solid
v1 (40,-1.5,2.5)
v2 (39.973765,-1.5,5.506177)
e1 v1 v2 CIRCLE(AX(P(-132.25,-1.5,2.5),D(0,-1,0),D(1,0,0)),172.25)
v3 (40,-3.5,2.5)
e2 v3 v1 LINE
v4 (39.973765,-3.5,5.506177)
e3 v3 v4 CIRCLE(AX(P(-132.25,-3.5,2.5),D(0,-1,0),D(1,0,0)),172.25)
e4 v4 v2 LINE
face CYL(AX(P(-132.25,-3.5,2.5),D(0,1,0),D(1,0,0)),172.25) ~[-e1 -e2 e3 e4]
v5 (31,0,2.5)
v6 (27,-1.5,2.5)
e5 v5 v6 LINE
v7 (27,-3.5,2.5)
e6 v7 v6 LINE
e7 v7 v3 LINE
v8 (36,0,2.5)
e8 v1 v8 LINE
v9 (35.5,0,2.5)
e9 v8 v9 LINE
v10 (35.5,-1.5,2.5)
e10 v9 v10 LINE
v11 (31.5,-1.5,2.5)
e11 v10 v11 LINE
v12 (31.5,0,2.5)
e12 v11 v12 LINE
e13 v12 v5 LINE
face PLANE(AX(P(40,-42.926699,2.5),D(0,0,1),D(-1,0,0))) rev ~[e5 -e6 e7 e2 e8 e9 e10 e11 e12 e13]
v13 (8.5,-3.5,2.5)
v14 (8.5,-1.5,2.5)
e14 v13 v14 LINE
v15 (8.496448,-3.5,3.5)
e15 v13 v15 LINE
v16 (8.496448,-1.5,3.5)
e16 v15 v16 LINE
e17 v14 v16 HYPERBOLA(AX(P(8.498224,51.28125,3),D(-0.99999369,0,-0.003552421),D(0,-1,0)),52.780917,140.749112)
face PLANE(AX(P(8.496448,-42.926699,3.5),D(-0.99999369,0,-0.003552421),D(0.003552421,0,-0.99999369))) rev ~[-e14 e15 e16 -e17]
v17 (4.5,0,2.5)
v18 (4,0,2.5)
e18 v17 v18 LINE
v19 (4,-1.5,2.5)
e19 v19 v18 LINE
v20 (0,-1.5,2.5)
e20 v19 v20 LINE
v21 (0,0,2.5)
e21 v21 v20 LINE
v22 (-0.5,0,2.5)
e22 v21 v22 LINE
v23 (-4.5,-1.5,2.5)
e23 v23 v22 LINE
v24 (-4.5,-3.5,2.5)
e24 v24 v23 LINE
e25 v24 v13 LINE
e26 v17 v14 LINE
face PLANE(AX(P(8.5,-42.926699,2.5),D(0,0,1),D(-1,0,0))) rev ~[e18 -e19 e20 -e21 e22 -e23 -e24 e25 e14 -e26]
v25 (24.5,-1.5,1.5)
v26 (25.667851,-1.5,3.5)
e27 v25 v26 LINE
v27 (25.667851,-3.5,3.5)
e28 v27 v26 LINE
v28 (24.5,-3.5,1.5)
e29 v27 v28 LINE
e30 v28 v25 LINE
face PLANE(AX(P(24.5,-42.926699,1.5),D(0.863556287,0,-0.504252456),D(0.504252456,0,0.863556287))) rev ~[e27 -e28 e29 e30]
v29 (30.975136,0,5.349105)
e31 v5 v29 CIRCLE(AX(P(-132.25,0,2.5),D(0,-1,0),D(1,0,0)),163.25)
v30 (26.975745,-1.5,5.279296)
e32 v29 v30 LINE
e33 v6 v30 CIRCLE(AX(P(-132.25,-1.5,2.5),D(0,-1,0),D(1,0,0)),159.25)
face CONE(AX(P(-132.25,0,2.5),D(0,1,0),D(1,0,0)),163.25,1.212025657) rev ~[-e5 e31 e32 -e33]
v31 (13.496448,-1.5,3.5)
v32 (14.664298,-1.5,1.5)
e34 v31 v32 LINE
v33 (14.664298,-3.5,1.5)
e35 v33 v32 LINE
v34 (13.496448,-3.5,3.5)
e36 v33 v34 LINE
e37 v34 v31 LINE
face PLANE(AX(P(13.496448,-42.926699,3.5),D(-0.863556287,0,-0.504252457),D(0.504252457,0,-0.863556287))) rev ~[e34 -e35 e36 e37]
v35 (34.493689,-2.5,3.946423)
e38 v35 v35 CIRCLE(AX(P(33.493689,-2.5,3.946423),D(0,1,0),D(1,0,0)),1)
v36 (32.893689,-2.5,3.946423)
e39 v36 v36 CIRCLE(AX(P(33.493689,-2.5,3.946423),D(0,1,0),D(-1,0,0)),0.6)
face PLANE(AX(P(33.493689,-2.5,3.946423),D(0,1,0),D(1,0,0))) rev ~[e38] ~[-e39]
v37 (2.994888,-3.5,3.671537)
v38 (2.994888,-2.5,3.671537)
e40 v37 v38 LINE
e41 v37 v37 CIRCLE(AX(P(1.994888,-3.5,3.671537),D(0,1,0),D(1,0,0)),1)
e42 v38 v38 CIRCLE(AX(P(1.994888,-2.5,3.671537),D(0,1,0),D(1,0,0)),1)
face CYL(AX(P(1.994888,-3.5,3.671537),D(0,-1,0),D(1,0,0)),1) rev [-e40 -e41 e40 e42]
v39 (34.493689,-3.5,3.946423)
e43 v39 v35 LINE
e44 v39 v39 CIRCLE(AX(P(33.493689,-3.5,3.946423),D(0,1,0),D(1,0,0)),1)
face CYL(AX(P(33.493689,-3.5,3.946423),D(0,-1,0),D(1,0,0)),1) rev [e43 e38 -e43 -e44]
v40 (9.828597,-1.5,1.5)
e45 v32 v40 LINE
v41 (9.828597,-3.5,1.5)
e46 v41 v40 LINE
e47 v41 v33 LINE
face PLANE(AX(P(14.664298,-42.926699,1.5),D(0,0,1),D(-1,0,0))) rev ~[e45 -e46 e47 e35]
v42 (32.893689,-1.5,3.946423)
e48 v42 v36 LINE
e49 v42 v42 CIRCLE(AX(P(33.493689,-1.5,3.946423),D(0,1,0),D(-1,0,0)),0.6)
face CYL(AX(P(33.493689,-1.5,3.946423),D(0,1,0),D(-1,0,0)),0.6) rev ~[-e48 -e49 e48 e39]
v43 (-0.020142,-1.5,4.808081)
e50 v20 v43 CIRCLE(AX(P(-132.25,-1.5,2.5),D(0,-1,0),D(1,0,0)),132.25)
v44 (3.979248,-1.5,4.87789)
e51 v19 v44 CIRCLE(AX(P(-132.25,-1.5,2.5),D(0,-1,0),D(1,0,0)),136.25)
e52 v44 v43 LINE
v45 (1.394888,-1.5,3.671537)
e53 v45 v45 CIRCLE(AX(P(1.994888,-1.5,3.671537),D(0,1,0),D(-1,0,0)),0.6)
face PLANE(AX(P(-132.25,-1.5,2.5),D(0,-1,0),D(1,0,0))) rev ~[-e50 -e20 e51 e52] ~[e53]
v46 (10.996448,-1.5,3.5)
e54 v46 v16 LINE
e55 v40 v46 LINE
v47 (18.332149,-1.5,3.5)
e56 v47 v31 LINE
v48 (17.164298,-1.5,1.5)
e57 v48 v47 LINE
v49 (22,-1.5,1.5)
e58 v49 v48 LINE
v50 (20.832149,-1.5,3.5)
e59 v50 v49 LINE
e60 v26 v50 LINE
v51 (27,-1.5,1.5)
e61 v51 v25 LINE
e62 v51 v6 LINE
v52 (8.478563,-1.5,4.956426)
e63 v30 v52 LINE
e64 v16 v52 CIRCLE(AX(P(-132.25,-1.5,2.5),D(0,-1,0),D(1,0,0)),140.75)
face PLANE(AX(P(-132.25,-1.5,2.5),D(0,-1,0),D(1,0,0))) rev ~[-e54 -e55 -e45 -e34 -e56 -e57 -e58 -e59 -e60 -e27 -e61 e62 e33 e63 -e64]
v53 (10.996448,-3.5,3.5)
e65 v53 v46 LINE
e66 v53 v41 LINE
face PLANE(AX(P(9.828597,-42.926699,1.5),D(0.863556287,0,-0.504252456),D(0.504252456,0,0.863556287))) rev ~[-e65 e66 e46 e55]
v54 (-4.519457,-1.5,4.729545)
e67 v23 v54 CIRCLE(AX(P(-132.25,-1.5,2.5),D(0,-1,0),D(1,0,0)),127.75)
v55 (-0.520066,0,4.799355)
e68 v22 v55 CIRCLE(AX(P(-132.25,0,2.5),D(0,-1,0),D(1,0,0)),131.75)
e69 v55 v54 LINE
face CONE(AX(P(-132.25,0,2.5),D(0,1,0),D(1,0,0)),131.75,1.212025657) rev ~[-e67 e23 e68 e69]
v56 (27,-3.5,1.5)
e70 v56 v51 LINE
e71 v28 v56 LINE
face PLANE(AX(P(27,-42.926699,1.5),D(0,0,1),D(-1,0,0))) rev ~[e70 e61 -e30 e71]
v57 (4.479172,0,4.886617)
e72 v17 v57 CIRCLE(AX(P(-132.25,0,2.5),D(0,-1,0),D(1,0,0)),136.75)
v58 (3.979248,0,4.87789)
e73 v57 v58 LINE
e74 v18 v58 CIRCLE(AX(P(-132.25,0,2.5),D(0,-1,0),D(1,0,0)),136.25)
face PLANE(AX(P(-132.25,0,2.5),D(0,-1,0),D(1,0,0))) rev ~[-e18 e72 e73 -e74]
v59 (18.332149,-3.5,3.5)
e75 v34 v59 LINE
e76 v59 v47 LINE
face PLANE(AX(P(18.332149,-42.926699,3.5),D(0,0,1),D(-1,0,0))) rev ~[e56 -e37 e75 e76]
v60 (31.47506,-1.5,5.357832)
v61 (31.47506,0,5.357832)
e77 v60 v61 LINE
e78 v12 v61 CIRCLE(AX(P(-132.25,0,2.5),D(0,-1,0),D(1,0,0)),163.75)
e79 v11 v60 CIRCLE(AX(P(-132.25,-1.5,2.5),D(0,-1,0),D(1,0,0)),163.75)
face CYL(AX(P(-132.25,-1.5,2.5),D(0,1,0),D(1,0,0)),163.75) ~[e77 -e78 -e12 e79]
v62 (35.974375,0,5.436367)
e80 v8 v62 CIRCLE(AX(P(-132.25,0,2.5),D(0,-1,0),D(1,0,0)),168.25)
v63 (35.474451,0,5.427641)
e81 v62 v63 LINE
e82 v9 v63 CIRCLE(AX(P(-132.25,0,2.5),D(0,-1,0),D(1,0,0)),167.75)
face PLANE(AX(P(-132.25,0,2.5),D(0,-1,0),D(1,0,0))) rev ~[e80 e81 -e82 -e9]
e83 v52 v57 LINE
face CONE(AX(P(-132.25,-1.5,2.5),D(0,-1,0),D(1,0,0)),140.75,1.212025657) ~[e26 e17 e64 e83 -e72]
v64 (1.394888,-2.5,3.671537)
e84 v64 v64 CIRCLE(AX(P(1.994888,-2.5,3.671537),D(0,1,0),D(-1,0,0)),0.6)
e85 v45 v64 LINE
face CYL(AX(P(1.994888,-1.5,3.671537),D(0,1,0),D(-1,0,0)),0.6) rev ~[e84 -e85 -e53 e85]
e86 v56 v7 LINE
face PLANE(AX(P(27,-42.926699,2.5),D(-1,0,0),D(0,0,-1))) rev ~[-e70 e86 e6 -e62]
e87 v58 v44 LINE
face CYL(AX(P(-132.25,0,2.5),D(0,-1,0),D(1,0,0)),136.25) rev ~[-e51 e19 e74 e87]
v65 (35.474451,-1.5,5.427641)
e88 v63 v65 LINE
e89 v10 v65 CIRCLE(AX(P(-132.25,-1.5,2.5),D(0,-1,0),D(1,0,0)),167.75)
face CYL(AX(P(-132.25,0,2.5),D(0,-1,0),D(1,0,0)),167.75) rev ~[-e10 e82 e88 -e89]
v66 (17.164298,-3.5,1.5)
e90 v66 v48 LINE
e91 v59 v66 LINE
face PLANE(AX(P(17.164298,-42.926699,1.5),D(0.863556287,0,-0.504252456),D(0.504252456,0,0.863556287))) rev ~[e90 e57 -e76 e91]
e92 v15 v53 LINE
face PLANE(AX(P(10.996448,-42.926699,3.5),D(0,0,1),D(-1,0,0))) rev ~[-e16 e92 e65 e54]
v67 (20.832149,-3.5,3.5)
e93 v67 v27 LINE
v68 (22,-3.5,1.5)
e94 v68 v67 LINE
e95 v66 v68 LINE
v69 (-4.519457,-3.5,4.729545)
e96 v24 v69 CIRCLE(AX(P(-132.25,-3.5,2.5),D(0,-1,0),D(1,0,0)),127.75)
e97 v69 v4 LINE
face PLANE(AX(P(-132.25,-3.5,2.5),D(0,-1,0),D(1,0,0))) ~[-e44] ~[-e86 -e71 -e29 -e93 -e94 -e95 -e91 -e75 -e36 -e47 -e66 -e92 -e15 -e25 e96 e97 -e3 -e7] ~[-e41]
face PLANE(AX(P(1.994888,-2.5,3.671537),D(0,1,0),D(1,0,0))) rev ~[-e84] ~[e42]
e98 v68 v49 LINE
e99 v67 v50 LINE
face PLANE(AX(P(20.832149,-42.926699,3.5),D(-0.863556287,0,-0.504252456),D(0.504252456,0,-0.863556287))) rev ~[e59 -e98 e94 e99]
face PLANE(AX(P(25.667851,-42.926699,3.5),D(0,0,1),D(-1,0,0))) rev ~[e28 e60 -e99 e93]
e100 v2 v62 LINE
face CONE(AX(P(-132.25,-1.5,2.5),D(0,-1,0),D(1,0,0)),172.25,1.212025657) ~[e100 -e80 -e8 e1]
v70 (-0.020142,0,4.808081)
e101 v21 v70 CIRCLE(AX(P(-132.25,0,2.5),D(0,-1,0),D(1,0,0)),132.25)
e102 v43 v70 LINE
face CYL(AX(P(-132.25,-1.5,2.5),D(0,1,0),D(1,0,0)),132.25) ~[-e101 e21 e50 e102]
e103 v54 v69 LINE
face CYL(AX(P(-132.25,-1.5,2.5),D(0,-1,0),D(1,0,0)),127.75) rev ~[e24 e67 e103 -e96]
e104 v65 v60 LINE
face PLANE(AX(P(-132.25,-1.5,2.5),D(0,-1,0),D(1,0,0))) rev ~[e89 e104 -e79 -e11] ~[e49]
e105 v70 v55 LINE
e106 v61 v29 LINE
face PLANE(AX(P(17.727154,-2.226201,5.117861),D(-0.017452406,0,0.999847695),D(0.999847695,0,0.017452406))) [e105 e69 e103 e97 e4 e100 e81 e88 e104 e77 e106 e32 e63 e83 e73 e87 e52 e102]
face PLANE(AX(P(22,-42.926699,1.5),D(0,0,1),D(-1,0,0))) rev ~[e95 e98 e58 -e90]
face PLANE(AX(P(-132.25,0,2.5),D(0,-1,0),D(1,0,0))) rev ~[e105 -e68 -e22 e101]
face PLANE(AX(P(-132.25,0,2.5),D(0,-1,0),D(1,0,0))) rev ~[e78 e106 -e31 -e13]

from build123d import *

# Parameters (mm, degrees)
EXTRUDE_1_DEPTH          = 2.5
SKETCH_5_R               = 0.6
CUT_EXTRUDE_1_DEPTH      = 19.036421485
CUT_EXTRUDE_START        = -2
SKETCH_5_3_R             = 1
CUT_EXTRUDE_2_DEPTH      = 1
REVOLVE_1_ANGLE          = 1
SKETCH_9_R               = 0.6
CUT_EXTRUDE_3_DEPTH      = 41.426698916
SKETCH_9_3_R             = 1
CUT_EXTRUDE_4_DEPTH      = 1
CUT_EXTRUDE_9_DEPTH      = 41.426698916
CUT_EXTRUDE_9_DEPTH_BACK = 41.426698916


with BuildPart() as part:
    # 草图4 → 凸台-拉伸1 (new body)
    with BuildSketch(Plane.XY):
        Polygon((8.5, -1.5), (17.75, -1.5), (17.75, -3.5), (-4.5, -3.5), (-4.5, -1.5), (-0.5, 0), (0, 0), (0, -1.5), (4, -1.5), (4, 0), (4.5, 0), align=None)
    extrude(amount=EXTRUDE_1_DEPTH)

    # 草图5 → 切除-拉伸1 (cut, through all)
    with BuildSketch(Plane(origin=(0, -1.5, 0), x_dir=(1, 0, 0), z_dir=(0, 1, 0))):
        with Locations(Location((2, -1.25, 0), (0, 0, 270))):
            Circle(SKETCH_5_R)
    extrude(amount=-CUT_EXTRUDE_1_DEPTH, mode=Mode.SUBTRACT)

    # 草图5<3> → 切除-拉伸2 (cut)
    with BuildSketch(Plane(origin=(0, -1.5, 0), x_dir=(1, 0, 0), z_dir=(0, 1, 0)).offset(CUT_EXTRUDE_START)):
        with Locations((2, -1.25)):
            Circle(SKETCH_5_3_R)
    extrude(amount=CUT_EXTRUDE_2_DEPTH, mode=Mode.SUBTRACT)

    # 镜向1: part across plane


with BuildPart() as part_1:
    add(part.part)
    add(part.part.mirror(Plane(origin=(17.75, 0, 2.5), x_dir=(0, 0, 1), z_dir=(1, 0, 0))))

    # 草图6 → 旋转1 (revolve)
    with BuildSketch(Plane.XY.offset(2.5)):
        Polygon((0, 0), (-0.5, 0), (-4.5, -1.5), (-4.5, -3.5), (40, -3.5), (40, -1.5), (36, 0), (35.5, 0), (35.5, -1.5), (31.5, -1.5), (31.5, 0), (31, 0), (27, -1.5), (8.5, -1.5), (4.5, 0), (4, 0), (4, -1.5), (0, -1.5), align=None)
    revolve(axis=Axis((-132.25, 94.8535776, 2.5), (0, -1, 0)), revolution_arc=REVOLVE_1_ANGLE)

    # 草图9 → 切除-拉伸3 (cut, through all)
    with BuildSketch(Plane(origin=(0, -1.5, 0), x_dir=(1, 0, 0), z_dir=(0, 1, 0))):
        with Locations(Location((1.994888171, -3.671537391, 0), (0, 0, 180))):
            Circle(SKETCH_9_R)
        with Locations(Location((33.493688748, -3.946423259, 0), (0, 0, 180))):
            Circle(SKETCH_9_R)
    extrude(amount=-CUT_EXTRUDE_3_DEPTH, mode=Mode.SUBTRACT)

    # 草图9<3> → 切除-拉伸4 (cut)
    with BuildSketch(Plane(origin=(0, -1.5, 0), x_dir=(1, 0, 0), z_dir=(0, 1, 0)).offset(CUT_EXTRUDE_START)):
        with Locations((1.994888171, -3.671537391)):
            Circle(SKETCH_9_3_R)
        with Locations((33.493688748, -3.946423259)):
            Circle(SKETCH_9_3_R)
    extrude(amount=CUT_EXTRUDE_4_DEPTH, mode=Mode.SUBTRACT)

    # 草图10 → 切除-拉伸9 (cut, two sides: drawn at the far end of the back side and taken through both)
    with BuildSketch(Plane(origin=(0, -1.5, 0), x_dir=(1, 0, 0), z_dir=(0, 1, 0)).offset(-CUT_EXTRUDE_9_DEPTH_BACK)):
        Polygon((27, -2.5), (27, -1.5), (24.5, -1.5), (25.667850814, -3.5), (20.832149186, -3.5), (22, -1.5), (17.164298372, -1.5), (18.332149186, -3.5), (13.496447557, -3.5), (14.664298372, -1.5), (9.828596743, -1.5), (10.996447557, -3.5), (8.496447557, -3.5), (8.5, -2.5), (-4.5, -2.5), (-4.5, 0), (40, 0), (40, -2.5), align=None)
    extrude(amount=CUT_EXTRUDE_9_DEPTH + CUT_EXTRUDE_9_DEPTH_BACK, mode=Mode.SUBTRACT)


solid = part_1.part
